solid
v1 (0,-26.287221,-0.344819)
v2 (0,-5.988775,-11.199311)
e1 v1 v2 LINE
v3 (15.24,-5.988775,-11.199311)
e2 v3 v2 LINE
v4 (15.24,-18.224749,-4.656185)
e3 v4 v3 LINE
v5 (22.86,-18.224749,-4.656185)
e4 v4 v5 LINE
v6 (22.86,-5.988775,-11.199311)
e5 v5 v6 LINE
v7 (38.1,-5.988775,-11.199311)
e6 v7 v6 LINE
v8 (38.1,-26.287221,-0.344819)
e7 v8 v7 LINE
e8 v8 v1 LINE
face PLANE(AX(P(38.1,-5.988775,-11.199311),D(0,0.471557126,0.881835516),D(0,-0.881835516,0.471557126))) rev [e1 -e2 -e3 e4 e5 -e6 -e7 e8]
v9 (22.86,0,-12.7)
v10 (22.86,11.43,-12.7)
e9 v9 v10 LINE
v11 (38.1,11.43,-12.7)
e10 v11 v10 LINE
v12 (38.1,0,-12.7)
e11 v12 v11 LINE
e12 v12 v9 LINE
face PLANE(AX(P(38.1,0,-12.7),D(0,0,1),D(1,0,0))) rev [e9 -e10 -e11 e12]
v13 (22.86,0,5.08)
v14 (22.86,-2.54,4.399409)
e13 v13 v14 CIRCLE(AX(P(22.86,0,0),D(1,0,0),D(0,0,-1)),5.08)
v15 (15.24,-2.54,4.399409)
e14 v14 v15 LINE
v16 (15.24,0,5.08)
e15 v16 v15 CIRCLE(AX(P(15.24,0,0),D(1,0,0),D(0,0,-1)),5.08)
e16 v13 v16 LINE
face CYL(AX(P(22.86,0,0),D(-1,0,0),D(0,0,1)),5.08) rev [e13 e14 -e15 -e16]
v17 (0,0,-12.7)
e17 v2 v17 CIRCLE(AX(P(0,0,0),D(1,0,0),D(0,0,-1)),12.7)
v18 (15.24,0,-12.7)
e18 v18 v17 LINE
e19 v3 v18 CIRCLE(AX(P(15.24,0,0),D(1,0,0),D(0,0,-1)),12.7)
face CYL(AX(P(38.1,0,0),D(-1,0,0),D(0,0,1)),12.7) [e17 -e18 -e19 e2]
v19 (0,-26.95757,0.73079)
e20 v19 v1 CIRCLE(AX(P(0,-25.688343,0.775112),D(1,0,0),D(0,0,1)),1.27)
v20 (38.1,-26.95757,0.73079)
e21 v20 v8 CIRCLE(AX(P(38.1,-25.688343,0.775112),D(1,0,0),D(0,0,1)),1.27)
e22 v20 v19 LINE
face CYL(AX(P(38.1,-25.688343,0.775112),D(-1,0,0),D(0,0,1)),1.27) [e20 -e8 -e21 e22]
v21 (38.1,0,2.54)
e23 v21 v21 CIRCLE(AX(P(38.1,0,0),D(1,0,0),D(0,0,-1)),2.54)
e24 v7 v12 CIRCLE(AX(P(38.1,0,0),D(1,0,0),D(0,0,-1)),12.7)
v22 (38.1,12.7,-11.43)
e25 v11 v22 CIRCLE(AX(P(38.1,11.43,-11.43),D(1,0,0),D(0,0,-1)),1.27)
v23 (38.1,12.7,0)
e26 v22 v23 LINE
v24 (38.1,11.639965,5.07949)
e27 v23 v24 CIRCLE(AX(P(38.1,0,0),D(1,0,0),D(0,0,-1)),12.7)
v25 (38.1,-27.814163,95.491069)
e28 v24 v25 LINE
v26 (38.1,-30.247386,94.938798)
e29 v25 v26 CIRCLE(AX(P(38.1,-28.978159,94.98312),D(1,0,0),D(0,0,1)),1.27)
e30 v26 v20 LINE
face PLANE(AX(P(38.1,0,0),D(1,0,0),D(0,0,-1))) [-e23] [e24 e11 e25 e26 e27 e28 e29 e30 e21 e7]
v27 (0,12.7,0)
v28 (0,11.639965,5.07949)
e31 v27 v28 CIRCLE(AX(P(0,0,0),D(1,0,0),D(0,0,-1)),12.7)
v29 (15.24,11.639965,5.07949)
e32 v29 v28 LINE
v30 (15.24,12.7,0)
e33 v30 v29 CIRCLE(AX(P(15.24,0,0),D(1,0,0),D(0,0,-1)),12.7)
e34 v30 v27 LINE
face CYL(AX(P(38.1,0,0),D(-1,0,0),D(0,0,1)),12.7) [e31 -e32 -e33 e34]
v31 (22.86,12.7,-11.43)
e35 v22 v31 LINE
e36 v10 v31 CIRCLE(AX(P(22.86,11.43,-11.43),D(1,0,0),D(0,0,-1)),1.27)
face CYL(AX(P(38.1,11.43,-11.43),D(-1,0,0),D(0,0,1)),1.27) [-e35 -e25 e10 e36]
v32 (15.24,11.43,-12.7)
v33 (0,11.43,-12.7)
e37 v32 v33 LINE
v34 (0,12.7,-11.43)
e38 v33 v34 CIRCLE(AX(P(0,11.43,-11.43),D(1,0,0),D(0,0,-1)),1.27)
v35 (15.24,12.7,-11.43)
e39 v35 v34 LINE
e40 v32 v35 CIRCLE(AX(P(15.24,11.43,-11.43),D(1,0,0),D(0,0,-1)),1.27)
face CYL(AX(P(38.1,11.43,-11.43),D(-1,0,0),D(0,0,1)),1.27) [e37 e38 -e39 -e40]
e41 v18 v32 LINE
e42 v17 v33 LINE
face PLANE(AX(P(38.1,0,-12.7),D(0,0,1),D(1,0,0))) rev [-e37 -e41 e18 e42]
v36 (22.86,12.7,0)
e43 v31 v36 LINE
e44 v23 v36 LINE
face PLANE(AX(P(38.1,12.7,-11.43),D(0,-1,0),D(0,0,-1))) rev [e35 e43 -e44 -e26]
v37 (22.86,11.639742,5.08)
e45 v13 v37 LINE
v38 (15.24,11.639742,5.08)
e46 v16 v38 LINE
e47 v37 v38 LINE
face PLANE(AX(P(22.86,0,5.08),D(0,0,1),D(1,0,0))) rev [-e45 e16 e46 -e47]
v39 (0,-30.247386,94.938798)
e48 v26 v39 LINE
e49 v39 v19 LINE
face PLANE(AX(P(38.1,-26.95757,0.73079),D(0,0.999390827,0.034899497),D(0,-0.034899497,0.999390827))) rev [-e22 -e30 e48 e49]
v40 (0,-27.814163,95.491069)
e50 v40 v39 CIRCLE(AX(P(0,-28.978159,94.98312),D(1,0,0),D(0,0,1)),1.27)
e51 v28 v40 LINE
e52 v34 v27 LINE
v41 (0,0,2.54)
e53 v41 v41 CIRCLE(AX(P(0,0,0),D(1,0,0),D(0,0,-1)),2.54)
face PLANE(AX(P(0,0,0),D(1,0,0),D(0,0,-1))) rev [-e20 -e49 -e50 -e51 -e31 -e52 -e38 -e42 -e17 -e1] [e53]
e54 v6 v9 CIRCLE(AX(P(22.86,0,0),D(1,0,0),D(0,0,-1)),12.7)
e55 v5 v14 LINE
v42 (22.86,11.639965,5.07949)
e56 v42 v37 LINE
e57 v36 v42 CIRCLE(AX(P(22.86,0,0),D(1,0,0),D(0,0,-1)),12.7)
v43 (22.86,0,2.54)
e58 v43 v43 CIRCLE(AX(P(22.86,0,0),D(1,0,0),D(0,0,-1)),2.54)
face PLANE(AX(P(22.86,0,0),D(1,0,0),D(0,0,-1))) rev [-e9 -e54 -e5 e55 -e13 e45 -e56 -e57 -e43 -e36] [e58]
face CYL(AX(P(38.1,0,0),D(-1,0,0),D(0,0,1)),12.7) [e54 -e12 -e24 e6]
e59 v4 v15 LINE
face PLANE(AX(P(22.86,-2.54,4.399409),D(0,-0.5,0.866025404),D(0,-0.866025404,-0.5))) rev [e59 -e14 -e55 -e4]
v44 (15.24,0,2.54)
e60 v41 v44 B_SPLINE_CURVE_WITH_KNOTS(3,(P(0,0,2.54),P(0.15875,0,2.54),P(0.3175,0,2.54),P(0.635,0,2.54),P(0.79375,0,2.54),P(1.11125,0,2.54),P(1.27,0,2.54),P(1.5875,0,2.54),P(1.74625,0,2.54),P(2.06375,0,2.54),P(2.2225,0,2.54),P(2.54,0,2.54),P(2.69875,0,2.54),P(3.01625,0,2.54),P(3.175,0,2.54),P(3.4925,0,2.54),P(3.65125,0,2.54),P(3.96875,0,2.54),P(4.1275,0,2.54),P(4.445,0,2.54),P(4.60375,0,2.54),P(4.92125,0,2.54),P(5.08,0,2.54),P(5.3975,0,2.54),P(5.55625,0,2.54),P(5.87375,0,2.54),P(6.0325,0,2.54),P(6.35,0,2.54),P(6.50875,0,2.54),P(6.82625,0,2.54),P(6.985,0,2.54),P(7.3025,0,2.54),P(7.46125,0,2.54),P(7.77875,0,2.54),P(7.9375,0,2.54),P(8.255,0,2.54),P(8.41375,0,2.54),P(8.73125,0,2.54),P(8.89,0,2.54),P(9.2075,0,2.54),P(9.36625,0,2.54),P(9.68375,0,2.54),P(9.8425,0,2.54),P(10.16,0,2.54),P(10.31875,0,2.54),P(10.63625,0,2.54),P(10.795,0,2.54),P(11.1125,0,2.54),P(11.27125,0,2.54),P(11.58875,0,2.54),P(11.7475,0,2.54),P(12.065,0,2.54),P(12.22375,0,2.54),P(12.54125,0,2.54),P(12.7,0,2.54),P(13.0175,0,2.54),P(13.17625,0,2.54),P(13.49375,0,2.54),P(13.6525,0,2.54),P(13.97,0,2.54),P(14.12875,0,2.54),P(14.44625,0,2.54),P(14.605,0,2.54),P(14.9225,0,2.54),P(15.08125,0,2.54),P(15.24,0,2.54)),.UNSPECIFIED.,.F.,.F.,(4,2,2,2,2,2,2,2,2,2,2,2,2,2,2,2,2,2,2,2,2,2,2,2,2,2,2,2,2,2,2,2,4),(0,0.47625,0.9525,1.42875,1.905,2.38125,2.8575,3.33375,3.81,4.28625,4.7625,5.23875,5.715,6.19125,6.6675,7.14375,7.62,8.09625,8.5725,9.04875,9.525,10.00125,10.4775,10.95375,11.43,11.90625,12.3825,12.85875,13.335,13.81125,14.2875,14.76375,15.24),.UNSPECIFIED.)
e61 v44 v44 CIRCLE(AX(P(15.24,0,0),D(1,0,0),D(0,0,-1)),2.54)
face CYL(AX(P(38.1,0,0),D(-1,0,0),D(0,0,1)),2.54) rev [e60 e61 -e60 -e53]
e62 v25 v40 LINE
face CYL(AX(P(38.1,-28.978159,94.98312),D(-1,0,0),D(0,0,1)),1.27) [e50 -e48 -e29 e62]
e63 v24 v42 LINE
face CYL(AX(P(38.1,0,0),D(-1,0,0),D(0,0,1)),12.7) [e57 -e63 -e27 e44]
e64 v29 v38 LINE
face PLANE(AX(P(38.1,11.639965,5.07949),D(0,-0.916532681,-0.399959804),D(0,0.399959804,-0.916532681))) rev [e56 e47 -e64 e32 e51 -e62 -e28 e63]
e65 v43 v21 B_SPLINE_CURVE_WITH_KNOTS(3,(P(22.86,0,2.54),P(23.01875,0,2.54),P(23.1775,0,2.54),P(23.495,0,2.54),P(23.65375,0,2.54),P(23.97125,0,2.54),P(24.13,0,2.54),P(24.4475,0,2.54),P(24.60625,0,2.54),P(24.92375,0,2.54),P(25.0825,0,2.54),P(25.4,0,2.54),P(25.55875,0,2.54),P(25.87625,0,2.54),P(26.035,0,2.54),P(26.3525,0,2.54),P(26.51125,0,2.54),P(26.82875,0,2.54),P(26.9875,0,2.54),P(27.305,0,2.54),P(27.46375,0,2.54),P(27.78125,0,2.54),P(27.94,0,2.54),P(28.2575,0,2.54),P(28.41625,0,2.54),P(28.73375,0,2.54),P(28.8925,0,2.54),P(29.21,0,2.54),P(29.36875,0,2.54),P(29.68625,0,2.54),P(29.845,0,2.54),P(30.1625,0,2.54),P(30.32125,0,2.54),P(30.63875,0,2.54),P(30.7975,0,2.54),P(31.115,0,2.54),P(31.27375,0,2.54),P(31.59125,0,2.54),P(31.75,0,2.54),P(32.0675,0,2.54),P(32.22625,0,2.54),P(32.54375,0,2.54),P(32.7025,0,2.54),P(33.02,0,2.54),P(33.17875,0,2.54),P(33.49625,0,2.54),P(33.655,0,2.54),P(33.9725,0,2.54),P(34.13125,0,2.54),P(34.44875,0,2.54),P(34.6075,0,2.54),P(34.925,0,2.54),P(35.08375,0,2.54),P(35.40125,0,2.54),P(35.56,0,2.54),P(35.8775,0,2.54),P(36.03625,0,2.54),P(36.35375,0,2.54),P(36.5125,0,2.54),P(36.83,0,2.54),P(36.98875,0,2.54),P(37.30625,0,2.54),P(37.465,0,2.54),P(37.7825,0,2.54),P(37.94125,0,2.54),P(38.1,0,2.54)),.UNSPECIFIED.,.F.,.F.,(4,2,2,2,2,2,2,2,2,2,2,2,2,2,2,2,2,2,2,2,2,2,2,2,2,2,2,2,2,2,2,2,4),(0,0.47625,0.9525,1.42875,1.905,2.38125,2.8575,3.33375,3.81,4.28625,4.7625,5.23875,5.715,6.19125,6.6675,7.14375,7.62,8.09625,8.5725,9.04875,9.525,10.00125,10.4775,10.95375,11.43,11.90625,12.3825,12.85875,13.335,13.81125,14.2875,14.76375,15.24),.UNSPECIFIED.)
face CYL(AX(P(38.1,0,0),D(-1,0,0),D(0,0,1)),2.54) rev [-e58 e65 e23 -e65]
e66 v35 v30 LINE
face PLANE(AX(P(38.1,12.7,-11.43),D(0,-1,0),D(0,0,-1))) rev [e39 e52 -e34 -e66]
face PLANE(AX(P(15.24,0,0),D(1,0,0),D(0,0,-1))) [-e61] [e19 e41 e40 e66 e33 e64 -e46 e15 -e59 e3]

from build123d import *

# Parameters (mm, degrees)
SKETCH1_R               = 2.54
BOSS_EXTRUDE1_DEPTH     = 38.1
CUT_EXTRUDE1_DEPTH      = 3.81
CUT_EXTRUDE1_DEPTH_BACK = 3.81
SKETCH4_R               = 5.08


with BuildPart() as part:
    # Sketch1 → Boss-Extrude1 (new body)
    with BuildSketch(Plane(origin=(0, 0, 0), x_dir=(0, 0, -1), z_dir=(1, 0, 0))):
        with BuildLine():
            Line((11.199311053, -5.988775495), (0.344819113, -26.287220755))
            ThreePointArc((0.344819113, -26.287220755), (-0.103387784, -26.766158861), (-0.730789632, -26.957569556))
            Line((-0.730789632, -26.957569556), (-94.938797587, -30.247385686))
            ThreePointArc((-94.938797587, -30.247385686), (-96.22161935, -29.25926293), (-95.4910689, -27.814162831))
            Line((-95.4910689, -27.814162831), (-5.079489514, 11.639965046))
            ThreePointArc((-5.079489514, 11.639965046), (-2.594459858, 12.432167069), (0, 12.7))
            Line((0, 12.7), (11.43, 12.7))
            ThreePointArc((11.43, 12.7), (12.328025612, 12.328025612), (12.7, 11.43))
            Line((12.7, 11.43), (12.7, 0))
            ThreePointArc((12.7, 0), (12.31911625, -3.086968547), (11.199311053, -5.988775495))
        make_face()
        with Locations(Location((0, 0, 0), (0, 0, 180))):
            Circle(SKETCH1_R, mode=Mode.SUBTRACT)
    extrude(amount=BOSS_EXTRUDE1_DEPTH)

    # Sketch4 → Cut-Extrude1 (cut, two sides: drawn at the far end of the back side and taken through both)
    with BuildSketch(Plane(origin=(19.05, 0, 0), x_dir=(0, 0, -1), z_dir=(1, 0, 0)).offset(-CUT_EXTRUDE1_DEPTH_BACK)):
        with BuildLine():
            Line((-5.08, 25.792214679), (-5.08, 0))
            ThreePointArc((-5.08, 0), (0, 5.08), (5.08, 0))
            ThreePointArc((5.08, 0), (1.314800749, -4.906903198), (-4.399409051, -2.54))
            Line((-4.399409051, -2.54), (14.172067989, -34.706741806))
            Line((14.172067989, -34.706741806), (14.172067989, 25.792214679))
            Line((14.172067989, 25.792214679), (-5.08, 25.792214679))
        make_face()
        Circle(SKETCH4_R)
    extrude(amount=CUT_EXTRUDE1_DEPTH + CUT_EXTRUDE1_DEPTH_BACK, mode=Mode.SUBTRACT)


solid = part.part
